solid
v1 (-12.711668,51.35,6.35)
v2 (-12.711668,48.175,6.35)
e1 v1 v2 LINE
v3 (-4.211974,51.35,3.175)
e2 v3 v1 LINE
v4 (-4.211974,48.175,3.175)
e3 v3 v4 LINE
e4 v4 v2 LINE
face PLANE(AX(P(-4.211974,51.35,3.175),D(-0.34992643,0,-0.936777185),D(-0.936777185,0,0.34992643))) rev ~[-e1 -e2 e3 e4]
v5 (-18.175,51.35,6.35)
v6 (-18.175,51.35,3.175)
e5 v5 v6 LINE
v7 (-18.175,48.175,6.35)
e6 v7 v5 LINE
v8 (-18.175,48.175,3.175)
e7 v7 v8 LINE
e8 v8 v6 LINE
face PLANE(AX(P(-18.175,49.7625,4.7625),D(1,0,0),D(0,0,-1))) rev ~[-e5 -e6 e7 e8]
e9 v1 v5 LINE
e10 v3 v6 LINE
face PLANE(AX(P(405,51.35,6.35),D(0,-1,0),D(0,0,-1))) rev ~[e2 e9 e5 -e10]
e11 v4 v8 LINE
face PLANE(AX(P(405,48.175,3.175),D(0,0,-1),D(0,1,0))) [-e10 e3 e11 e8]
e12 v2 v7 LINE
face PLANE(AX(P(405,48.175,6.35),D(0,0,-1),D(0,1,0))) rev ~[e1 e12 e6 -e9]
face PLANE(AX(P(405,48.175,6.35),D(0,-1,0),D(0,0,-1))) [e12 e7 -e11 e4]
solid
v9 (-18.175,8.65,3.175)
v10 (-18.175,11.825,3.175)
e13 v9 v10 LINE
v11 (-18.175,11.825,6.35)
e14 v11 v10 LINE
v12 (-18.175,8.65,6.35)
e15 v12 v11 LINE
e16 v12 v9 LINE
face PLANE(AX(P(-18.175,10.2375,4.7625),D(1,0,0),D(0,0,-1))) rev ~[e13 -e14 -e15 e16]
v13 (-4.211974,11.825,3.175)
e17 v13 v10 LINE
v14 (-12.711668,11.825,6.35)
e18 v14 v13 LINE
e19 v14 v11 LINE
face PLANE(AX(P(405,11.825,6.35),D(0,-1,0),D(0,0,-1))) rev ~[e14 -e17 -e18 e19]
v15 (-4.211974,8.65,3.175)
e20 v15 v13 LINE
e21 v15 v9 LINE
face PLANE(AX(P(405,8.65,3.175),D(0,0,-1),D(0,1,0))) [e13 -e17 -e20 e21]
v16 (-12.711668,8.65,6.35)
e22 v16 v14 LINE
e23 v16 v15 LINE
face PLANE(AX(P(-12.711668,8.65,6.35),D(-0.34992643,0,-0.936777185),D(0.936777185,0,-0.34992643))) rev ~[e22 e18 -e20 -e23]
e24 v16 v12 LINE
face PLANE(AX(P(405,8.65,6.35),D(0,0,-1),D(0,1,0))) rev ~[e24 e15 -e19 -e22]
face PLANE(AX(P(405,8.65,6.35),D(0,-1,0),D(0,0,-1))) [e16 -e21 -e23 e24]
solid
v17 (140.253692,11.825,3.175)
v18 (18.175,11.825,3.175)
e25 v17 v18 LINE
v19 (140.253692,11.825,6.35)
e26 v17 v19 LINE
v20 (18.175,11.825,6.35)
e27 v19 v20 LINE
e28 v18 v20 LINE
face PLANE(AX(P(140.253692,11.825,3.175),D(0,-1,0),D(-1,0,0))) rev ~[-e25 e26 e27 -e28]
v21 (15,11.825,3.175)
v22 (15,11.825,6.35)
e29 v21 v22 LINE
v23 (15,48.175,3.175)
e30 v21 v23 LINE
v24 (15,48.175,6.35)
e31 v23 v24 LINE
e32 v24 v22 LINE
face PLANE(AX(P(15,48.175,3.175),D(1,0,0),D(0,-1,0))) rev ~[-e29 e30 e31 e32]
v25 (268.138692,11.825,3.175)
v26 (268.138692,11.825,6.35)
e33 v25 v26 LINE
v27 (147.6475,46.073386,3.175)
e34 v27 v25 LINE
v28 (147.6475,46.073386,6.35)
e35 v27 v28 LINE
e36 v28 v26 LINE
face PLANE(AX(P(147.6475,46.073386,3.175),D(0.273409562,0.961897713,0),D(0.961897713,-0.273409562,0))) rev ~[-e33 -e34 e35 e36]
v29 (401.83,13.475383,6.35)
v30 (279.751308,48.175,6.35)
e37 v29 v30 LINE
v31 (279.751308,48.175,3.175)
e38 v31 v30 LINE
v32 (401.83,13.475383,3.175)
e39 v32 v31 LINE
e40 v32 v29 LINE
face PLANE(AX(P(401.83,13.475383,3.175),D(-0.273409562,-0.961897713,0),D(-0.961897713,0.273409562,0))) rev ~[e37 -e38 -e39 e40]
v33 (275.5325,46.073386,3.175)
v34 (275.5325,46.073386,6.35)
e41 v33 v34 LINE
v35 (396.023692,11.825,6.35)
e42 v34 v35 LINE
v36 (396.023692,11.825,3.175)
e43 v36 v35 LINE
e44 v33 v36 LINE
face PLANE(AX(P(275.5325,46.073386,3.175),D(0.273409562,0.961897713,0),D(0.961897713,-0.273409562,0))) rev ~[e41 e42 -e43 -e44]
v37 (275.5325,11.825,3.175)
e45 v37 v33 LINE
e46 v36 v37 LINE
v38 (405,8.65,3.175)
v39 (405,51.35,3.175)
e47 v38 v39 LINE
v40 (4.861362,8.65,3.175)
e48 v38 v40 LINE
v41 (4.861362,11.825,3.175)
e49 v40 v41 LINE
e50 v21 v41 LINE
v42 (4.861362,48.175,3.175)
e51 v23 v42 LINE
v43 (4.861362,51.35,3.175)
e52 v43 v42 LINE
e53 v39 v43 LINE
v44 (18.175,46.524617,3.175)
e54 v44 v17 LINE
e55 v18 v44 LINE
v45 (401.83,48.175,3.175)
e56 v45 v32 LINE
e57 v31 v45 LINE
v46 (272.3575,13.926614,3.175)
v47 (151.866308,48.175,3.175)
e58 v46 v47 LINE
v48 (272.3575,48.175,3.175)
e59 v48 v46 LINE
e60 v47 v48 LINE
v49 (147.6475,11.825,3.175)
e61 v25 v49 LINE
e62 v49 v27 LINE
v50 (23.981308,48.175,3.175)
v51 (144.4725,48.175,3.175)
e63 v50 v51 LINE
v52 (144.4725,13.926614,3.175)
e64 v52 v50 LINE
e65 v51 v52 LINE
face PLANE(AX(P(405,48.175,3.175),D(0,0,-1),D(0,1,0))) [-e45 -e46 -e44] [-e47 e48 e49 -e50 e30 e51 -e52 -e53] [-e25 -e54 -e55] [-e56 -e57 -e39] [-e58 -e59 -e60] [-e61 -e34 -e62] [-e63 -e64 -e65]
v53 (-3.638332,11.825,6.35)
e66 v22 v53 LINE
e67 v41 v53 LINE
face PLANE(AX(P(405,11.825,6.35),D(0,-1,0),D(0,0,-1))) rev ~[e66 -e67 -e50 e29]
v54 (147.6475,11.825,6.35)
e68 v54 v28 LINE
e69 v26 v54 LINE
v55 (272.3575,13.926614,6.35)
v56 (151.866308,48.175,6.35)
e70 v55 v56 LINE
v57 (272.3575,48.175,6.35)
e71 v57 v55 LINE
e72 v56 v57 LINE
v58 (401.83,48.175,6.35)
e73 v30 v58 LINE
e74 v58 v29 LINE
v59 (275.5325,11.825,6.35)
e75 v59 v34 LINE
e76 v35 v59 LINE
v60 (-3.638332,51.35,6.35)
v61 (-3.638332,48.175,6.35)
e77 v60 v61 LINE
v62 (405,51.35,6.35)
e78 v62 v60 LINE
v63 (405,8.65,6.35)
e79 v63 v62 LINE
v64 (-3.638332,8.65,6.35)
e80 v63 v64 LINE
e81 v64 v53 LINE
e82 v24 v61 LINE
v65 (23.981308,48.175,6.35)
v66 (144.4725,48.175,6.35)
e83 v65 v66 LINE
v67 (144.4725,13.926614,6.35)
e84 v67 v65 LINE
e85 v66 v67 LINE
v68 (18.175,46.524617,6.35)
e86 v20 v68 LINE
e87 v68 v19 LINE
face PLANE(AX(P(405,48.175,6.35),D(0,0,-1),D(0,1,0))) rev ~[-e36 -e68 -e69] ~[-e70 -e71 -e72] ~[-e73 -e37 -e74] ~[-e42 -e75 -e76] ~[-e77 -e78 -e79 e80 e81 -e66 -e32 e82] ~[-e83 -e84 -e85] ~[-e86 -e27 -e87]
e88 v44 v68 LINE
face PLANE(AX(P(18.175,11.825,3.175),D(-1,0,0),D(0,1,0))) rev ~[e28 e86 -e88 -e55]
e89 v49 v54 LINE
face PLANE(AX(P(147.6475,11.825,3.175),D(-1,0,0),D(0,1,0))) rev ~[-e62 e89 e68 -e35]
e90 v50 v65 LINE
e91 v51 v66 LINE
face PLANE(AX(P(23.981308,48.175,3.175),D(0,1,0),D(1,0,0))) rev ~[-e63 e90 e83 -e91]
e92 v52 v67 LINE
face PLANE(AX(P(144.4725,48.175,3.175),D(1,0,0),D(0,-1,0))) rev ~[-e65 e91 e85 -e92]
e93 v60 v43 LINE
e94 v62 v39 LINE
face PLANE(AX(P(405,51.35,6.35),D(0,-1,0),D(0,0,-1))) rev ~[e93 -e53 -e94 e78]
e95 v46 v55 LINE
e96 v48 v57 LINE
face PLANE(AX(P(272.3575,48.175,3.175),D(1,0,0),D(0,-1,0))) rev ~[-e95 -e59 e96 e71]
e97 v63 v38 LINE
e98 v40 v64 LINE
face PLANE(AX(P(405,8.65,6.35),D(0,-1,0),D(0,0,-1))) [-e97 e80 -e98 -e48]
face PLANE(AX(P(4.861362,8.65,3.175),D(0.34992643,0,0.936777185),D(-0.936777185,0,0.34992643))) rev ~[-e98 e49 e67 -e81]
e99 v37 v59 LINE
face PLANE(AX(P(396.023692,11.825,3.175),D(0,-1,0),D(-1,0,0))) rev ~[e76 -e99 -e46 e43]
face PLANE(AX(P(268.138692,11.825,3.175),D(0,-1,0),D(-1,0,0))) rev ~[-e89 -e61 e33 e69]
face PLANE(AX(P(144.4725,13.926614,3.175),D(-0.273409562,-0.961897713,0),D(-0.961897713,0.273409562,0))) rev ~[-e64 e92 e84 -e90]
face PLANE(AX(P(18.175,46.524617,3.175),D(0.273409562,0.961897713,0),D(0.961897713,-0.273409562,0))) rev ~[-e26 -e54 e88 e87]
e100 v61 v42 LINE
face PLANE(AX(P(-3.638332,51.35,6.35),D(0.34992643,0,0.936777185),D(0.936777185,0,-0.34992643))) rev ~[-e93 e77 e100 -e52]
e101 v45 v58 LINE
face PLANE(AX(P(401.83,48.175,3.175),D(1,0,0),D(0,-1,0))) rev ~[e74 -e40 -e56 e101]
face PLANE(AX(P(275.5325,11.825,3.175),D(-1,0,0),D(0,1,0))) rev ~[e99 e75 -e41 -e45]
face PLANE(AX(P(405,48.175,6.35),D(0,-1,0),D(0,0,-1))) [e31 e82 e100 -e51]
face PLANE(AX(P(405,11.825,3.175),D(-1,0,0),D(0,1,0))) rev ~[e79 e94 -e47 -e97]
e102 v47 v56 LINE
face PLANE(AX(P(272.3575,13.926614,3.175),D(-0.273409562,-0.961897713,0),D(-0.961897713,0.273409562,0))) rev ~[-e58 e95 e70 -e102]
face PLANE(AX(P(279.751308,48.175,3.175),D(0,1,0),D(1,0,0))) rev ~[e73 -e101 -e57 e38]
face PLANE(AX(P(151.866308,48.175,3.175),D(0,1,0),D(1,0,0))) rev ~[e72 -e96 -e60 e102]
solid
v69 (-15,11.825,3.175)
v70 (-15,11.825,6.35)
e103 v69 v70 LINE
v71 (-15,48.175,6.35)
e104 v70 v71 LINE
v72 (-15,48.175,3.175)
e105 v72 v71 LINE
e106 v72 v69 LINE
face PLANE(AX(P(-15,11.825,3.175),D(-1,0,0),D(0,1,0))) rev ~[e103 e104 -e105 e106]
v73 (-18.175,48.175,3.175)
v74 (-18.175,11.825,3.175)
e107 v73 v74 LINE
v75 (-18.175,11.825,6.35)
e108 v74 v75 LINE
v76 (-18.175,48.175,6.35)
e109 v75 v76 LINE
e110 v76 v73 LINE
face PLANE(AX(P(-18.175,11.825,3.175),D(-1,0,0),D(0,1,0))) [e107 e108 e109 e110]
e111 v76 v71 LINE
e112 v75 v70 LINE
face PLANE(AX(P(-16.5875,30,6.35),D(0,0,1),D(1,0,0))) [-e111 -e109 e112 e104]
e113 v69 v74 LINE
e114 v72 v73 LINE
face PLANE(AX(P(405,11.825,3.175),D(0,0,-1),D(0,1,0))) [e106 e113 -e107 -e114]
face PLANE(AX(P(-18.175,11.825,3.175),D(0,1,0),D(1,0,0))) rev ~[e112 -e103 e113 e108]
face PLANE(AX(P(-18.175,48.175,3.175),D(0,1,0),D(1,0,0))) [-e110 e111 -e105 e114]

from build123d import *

# Parameters (mm, degrees)
BOSS_EXTRUDE1_DEPTH   = 3.175
BOSS_EXTRUDE1_2_DEPTH = 3.175
SKETCH2_W             = 3.175
SKETCH2_H             = 36.35
BOSS_EXTRUDE2_DEPTH   = 3.175
SKETCH3_W             = 3.175
SKETCH3_H             = 3.175
BOSS_EXTRUDE8_DEPTH   = 423.175
BOSS_EXTRUDE8_2_DEPTH = 423.175
SKETCH4_W             = 3.175
SKETCH4_H             = 36.35
CUT_EXTRUDE1_DEPTH    = 427.326430831
CUT_EXTRUDE7_DEPTH    = 3.175
CUT_EXTRUDE8_DEPTH    = 3.175
SKETCH11_W            = 386.825
SKETCH11_H            = 36.35
BOSS_EXTRUDE9_DEPTH   = 3.175
CUT_EXTRUDE9_DEPTH    = 3.175


with BuildPart() as part:
    # Sketch1 → Boss-Extrude1 (new body)
    with BuildSketch(Plane.XY):
        Polygon((15, 45), (405, 45), (405, 48.175), (18.175, 48.175), (-18.175, 48.175), (-18.175, 45), (-15, 45), align=None)
    extrude(amount=BOSS_EXTRUDE1_DEPTH)



with BuildPart() as body_2:
    # Sketch1 → Boss-Extrude1 2 (new body)
    with BuildSketch(Plane.XY):
        Polygon((-18.175, 15), (-15, 15), (15, 15), (405, 15), (405, 11.825), (18.175, 11.825), (-18.175, 11.825), align=None)
    extrude(amount=BOSS_EXTRUDE1_2_DEPTH)


with BuildPart() as part_1:
    add(part.part)

    add(body_2.part)  # Boss-Extrude2 merges body 2
    # Sketch2 → Boss-Extrude2 (add)
    with BuildSketch(Plane.XY.offset(3.175)):
        with Locations((-16.5875, 30)):
            Rectangle(SKETCH2_W, SKETCH2_H)
        Polygon((15, 11.825), (22.589723325, 11.825), (112.5, 46.473699254), (112.5, 12.285600704), (112.5, 11.825), (120.025102002, 11.825), (208.4125, 46.469905429), (208.4125, 11.825), (215.937602002, 11.825), (304.325, 46.469905429), (304.325, 11.825), (311.914723325, 11.825), (401.825, 46.473699254), (401.825, 11.825), (405, 11.825), (405, 48.175), (397.410276675, 48.175), (307.5, 13.526300746), (307.5, 48.175), (299.974897998, 48.175), (211.5875, 13.530094571), (211.5875, 48.175), (204.062397998, 48.175), (115.675, 13.530094571), (115.675, 48.175), (108.085276675, 48.175), (18.175, 13.526300746), (18.175, 48.175), (15, 48.175), align=None)
    extrude(amount=BOSS_EXTRUDE2_DEPTH)

    # Sketch4 → Cut-Extrude1 (cut, through all)
    with BuildSketch(Plane(origin=(405, 0, 0), x_dir=(0, 0, -1), z_dir=(1, 0, 0))):
        with Locations((-1.5875, 30)):
            Rectangle(SKETCH4_W, SKETCH4_H)
    extrude(amount=-CUT_EXTRUDE1_DEPTH, mode=Mode.SUBTRACT)


with BuildPart() as body_2_2:
    # Sketch3 → Boss-Extrude8 (new body)
    with BuildSketch(Plane(origin=(405, 0, 0), x_dir=(0, 0, -1), z_dir=(1, 0, 0))):
        with Locations((-4.7625, 49.7625)):
            Rectangle(SKETCH3_W, SKETCH3_H)
    extrude(amount=-BOSS_EXTRUDE8_DEPTH)

    # Sketch9 → Cut-Extrude8 (cut)
    with BuildSketch(Plane(origin=(0, 51.35, 0), x_dir=(1, 0, 0), z_dir=(0, 1, 0))):
        Polygon((-3.638332101, -6.35), (4.861361865, -3.175), (-4.211973934, -3.175), (-12.711667899, -6.35), align=None)
    extrude(amount=-CUT_EXTRUDE8_DEPTH, mode=Mode.SUBTRACT)


with BuildPart() as body_3:
    # Sketch3 → Boss-Extrude8 2 (new body)
    with BuildSketch(Plane(origin=(405, 0, 0), x_dir=(0, 0, -1), z_dir=(1, 0, 0))):
        with Locations((-4.7625, 10.2375)):
            Rectangle(SKETCH3_W, SKETCH3_H)
    extrude(amount=-BOSS_EXTRUDE8_2_DEPTH)

    # Sketch5 → Cut-Extrude7 (cut)
    with BuildSketch(Plane.XZ.offset(-8.65)):
        Polygon((-4.211973934, 3.175), (4.861361865, 3.175), (-3.638332101, 6.35), (-12.711667899, 6.35), align=None)
    extrude(amount=-CUT_EXTRUDE7_DEPTH, mode=Mode.SUBTRACT)


with BuildPart() as cut_extrude1_piece_1:
    # of the separate pieces the step leaves, piece 1, a body of its own (cut_extrude1_pieces)
    add(part_1.part.solids().sort_by_distance((401.825, 11.825, 3.175))[0])



with BuildPart() as cut_extrude1_piece_2:
    # of the separate pieces the step leaves, piece 2, a body of its own (cut_extrude1_pieces)
    add(part_1.part.solids().sort_by_distance((-15, 48.175, 3.175))[0])


with BuildPart() as cut_extrude7_piece_1:
    # of the separate pieces the step leaves, piece 1, a body of its own (cut_extrude7_pieces)
    add(body_3.part.solids().sort_by_distance((405, 11.825, 3.175))[0])


with BuildPart() as cut_extrude7_piece_2:
    # of the separate pieces the step leaves, piece 2, a body of its own (cut_extrude7_pieces)
    add(body_3.part.solids().sort_by_distance((-12.711667899, 11.825, 6.35))[0])


with BuildPart() as cut_extrude8_piece_1:
    # of the separate pieces the step leaves, piece 1, a body of its own (cut_extrude8_pieces)
    add(body_2_2.part.solids().sort_by_distance((405, 51.35, 6.35))[0])


with BuildPart() as cut_extrude8_piece_2:
    # of the separate pieces the step leaves, piece 2, a body of its own (cut_extrude8_pieces)
    add(body_2_2.part.solids().sort_by_distance((-12.711667899, 51.35, 6.35))[0])


with BuildPart() as cut_extrude1_piece_1_1:
    add(cut_extrude1_piece_1.part)

    add(cut_extrude7_piece_1.part)  # Boss-Extrude9 merges Cut-Extrude7 piece 1

    add(cut_extrude8_piece_1.part)  # Boss-Extrude9 merges Cut-Extrude8 piece 1
    # Sketch11 → Boss-Extrude9 (add)
    with BuildSketch(Plane(origin=(0, 0, 3.175), x_dir=(-1, 0, 0), z_dir=(0, 0, -1))):
        with Locations((-211.5875, 30)):
            Rectangle(SKETCH11_W, SKETCH11_H)
    extrude(amount=-BOSS_EXTRUDE9_DEPTH)

    # Sketch12 → Cut-Extrude9 (cut)
    with BuildSketch(Plane(origin=(0, 0, 3.175), x_dir=(-1, 0, 0), z_dir=(0, 0, -1))):
        Polygon((-18.175, 46.52461662), (-140.253692473, 11.825), (-18.175, 11.825), align=None)
        Polygon((-23.981307527, 48.175), (-144.4725, 48.175), (-144.4725, 13.926613978), align=None)
        Polygon((-268.138692473, 11.825), (-147.6475, 11.825), (-147.6475, 46.073386022), align=None)
        Polygon((-272.3575, 13.926613978), (-151.866307527, 48.175), (-272.3575, 48.175), align=None)
        Polygon((-396.023692473, 11.825), (-275.5325, 11.825), (-275.5325, 46.073386022), align=None)
        Polygon((-401.83, 13.47538338), (-279.751307527, 48.175), (-401.83, 48.175), align=None)
    extrude(amount=-CUT_EXTRUDE9_DEPTH, mode=Mode.SUBTRACT)


solid = Compound([cut_extrude1_piece_2.part, cut_extrude7_piece_2.part, cut_extrude8_piece_2.part, cut_extrude1_piece_1_1.part])
